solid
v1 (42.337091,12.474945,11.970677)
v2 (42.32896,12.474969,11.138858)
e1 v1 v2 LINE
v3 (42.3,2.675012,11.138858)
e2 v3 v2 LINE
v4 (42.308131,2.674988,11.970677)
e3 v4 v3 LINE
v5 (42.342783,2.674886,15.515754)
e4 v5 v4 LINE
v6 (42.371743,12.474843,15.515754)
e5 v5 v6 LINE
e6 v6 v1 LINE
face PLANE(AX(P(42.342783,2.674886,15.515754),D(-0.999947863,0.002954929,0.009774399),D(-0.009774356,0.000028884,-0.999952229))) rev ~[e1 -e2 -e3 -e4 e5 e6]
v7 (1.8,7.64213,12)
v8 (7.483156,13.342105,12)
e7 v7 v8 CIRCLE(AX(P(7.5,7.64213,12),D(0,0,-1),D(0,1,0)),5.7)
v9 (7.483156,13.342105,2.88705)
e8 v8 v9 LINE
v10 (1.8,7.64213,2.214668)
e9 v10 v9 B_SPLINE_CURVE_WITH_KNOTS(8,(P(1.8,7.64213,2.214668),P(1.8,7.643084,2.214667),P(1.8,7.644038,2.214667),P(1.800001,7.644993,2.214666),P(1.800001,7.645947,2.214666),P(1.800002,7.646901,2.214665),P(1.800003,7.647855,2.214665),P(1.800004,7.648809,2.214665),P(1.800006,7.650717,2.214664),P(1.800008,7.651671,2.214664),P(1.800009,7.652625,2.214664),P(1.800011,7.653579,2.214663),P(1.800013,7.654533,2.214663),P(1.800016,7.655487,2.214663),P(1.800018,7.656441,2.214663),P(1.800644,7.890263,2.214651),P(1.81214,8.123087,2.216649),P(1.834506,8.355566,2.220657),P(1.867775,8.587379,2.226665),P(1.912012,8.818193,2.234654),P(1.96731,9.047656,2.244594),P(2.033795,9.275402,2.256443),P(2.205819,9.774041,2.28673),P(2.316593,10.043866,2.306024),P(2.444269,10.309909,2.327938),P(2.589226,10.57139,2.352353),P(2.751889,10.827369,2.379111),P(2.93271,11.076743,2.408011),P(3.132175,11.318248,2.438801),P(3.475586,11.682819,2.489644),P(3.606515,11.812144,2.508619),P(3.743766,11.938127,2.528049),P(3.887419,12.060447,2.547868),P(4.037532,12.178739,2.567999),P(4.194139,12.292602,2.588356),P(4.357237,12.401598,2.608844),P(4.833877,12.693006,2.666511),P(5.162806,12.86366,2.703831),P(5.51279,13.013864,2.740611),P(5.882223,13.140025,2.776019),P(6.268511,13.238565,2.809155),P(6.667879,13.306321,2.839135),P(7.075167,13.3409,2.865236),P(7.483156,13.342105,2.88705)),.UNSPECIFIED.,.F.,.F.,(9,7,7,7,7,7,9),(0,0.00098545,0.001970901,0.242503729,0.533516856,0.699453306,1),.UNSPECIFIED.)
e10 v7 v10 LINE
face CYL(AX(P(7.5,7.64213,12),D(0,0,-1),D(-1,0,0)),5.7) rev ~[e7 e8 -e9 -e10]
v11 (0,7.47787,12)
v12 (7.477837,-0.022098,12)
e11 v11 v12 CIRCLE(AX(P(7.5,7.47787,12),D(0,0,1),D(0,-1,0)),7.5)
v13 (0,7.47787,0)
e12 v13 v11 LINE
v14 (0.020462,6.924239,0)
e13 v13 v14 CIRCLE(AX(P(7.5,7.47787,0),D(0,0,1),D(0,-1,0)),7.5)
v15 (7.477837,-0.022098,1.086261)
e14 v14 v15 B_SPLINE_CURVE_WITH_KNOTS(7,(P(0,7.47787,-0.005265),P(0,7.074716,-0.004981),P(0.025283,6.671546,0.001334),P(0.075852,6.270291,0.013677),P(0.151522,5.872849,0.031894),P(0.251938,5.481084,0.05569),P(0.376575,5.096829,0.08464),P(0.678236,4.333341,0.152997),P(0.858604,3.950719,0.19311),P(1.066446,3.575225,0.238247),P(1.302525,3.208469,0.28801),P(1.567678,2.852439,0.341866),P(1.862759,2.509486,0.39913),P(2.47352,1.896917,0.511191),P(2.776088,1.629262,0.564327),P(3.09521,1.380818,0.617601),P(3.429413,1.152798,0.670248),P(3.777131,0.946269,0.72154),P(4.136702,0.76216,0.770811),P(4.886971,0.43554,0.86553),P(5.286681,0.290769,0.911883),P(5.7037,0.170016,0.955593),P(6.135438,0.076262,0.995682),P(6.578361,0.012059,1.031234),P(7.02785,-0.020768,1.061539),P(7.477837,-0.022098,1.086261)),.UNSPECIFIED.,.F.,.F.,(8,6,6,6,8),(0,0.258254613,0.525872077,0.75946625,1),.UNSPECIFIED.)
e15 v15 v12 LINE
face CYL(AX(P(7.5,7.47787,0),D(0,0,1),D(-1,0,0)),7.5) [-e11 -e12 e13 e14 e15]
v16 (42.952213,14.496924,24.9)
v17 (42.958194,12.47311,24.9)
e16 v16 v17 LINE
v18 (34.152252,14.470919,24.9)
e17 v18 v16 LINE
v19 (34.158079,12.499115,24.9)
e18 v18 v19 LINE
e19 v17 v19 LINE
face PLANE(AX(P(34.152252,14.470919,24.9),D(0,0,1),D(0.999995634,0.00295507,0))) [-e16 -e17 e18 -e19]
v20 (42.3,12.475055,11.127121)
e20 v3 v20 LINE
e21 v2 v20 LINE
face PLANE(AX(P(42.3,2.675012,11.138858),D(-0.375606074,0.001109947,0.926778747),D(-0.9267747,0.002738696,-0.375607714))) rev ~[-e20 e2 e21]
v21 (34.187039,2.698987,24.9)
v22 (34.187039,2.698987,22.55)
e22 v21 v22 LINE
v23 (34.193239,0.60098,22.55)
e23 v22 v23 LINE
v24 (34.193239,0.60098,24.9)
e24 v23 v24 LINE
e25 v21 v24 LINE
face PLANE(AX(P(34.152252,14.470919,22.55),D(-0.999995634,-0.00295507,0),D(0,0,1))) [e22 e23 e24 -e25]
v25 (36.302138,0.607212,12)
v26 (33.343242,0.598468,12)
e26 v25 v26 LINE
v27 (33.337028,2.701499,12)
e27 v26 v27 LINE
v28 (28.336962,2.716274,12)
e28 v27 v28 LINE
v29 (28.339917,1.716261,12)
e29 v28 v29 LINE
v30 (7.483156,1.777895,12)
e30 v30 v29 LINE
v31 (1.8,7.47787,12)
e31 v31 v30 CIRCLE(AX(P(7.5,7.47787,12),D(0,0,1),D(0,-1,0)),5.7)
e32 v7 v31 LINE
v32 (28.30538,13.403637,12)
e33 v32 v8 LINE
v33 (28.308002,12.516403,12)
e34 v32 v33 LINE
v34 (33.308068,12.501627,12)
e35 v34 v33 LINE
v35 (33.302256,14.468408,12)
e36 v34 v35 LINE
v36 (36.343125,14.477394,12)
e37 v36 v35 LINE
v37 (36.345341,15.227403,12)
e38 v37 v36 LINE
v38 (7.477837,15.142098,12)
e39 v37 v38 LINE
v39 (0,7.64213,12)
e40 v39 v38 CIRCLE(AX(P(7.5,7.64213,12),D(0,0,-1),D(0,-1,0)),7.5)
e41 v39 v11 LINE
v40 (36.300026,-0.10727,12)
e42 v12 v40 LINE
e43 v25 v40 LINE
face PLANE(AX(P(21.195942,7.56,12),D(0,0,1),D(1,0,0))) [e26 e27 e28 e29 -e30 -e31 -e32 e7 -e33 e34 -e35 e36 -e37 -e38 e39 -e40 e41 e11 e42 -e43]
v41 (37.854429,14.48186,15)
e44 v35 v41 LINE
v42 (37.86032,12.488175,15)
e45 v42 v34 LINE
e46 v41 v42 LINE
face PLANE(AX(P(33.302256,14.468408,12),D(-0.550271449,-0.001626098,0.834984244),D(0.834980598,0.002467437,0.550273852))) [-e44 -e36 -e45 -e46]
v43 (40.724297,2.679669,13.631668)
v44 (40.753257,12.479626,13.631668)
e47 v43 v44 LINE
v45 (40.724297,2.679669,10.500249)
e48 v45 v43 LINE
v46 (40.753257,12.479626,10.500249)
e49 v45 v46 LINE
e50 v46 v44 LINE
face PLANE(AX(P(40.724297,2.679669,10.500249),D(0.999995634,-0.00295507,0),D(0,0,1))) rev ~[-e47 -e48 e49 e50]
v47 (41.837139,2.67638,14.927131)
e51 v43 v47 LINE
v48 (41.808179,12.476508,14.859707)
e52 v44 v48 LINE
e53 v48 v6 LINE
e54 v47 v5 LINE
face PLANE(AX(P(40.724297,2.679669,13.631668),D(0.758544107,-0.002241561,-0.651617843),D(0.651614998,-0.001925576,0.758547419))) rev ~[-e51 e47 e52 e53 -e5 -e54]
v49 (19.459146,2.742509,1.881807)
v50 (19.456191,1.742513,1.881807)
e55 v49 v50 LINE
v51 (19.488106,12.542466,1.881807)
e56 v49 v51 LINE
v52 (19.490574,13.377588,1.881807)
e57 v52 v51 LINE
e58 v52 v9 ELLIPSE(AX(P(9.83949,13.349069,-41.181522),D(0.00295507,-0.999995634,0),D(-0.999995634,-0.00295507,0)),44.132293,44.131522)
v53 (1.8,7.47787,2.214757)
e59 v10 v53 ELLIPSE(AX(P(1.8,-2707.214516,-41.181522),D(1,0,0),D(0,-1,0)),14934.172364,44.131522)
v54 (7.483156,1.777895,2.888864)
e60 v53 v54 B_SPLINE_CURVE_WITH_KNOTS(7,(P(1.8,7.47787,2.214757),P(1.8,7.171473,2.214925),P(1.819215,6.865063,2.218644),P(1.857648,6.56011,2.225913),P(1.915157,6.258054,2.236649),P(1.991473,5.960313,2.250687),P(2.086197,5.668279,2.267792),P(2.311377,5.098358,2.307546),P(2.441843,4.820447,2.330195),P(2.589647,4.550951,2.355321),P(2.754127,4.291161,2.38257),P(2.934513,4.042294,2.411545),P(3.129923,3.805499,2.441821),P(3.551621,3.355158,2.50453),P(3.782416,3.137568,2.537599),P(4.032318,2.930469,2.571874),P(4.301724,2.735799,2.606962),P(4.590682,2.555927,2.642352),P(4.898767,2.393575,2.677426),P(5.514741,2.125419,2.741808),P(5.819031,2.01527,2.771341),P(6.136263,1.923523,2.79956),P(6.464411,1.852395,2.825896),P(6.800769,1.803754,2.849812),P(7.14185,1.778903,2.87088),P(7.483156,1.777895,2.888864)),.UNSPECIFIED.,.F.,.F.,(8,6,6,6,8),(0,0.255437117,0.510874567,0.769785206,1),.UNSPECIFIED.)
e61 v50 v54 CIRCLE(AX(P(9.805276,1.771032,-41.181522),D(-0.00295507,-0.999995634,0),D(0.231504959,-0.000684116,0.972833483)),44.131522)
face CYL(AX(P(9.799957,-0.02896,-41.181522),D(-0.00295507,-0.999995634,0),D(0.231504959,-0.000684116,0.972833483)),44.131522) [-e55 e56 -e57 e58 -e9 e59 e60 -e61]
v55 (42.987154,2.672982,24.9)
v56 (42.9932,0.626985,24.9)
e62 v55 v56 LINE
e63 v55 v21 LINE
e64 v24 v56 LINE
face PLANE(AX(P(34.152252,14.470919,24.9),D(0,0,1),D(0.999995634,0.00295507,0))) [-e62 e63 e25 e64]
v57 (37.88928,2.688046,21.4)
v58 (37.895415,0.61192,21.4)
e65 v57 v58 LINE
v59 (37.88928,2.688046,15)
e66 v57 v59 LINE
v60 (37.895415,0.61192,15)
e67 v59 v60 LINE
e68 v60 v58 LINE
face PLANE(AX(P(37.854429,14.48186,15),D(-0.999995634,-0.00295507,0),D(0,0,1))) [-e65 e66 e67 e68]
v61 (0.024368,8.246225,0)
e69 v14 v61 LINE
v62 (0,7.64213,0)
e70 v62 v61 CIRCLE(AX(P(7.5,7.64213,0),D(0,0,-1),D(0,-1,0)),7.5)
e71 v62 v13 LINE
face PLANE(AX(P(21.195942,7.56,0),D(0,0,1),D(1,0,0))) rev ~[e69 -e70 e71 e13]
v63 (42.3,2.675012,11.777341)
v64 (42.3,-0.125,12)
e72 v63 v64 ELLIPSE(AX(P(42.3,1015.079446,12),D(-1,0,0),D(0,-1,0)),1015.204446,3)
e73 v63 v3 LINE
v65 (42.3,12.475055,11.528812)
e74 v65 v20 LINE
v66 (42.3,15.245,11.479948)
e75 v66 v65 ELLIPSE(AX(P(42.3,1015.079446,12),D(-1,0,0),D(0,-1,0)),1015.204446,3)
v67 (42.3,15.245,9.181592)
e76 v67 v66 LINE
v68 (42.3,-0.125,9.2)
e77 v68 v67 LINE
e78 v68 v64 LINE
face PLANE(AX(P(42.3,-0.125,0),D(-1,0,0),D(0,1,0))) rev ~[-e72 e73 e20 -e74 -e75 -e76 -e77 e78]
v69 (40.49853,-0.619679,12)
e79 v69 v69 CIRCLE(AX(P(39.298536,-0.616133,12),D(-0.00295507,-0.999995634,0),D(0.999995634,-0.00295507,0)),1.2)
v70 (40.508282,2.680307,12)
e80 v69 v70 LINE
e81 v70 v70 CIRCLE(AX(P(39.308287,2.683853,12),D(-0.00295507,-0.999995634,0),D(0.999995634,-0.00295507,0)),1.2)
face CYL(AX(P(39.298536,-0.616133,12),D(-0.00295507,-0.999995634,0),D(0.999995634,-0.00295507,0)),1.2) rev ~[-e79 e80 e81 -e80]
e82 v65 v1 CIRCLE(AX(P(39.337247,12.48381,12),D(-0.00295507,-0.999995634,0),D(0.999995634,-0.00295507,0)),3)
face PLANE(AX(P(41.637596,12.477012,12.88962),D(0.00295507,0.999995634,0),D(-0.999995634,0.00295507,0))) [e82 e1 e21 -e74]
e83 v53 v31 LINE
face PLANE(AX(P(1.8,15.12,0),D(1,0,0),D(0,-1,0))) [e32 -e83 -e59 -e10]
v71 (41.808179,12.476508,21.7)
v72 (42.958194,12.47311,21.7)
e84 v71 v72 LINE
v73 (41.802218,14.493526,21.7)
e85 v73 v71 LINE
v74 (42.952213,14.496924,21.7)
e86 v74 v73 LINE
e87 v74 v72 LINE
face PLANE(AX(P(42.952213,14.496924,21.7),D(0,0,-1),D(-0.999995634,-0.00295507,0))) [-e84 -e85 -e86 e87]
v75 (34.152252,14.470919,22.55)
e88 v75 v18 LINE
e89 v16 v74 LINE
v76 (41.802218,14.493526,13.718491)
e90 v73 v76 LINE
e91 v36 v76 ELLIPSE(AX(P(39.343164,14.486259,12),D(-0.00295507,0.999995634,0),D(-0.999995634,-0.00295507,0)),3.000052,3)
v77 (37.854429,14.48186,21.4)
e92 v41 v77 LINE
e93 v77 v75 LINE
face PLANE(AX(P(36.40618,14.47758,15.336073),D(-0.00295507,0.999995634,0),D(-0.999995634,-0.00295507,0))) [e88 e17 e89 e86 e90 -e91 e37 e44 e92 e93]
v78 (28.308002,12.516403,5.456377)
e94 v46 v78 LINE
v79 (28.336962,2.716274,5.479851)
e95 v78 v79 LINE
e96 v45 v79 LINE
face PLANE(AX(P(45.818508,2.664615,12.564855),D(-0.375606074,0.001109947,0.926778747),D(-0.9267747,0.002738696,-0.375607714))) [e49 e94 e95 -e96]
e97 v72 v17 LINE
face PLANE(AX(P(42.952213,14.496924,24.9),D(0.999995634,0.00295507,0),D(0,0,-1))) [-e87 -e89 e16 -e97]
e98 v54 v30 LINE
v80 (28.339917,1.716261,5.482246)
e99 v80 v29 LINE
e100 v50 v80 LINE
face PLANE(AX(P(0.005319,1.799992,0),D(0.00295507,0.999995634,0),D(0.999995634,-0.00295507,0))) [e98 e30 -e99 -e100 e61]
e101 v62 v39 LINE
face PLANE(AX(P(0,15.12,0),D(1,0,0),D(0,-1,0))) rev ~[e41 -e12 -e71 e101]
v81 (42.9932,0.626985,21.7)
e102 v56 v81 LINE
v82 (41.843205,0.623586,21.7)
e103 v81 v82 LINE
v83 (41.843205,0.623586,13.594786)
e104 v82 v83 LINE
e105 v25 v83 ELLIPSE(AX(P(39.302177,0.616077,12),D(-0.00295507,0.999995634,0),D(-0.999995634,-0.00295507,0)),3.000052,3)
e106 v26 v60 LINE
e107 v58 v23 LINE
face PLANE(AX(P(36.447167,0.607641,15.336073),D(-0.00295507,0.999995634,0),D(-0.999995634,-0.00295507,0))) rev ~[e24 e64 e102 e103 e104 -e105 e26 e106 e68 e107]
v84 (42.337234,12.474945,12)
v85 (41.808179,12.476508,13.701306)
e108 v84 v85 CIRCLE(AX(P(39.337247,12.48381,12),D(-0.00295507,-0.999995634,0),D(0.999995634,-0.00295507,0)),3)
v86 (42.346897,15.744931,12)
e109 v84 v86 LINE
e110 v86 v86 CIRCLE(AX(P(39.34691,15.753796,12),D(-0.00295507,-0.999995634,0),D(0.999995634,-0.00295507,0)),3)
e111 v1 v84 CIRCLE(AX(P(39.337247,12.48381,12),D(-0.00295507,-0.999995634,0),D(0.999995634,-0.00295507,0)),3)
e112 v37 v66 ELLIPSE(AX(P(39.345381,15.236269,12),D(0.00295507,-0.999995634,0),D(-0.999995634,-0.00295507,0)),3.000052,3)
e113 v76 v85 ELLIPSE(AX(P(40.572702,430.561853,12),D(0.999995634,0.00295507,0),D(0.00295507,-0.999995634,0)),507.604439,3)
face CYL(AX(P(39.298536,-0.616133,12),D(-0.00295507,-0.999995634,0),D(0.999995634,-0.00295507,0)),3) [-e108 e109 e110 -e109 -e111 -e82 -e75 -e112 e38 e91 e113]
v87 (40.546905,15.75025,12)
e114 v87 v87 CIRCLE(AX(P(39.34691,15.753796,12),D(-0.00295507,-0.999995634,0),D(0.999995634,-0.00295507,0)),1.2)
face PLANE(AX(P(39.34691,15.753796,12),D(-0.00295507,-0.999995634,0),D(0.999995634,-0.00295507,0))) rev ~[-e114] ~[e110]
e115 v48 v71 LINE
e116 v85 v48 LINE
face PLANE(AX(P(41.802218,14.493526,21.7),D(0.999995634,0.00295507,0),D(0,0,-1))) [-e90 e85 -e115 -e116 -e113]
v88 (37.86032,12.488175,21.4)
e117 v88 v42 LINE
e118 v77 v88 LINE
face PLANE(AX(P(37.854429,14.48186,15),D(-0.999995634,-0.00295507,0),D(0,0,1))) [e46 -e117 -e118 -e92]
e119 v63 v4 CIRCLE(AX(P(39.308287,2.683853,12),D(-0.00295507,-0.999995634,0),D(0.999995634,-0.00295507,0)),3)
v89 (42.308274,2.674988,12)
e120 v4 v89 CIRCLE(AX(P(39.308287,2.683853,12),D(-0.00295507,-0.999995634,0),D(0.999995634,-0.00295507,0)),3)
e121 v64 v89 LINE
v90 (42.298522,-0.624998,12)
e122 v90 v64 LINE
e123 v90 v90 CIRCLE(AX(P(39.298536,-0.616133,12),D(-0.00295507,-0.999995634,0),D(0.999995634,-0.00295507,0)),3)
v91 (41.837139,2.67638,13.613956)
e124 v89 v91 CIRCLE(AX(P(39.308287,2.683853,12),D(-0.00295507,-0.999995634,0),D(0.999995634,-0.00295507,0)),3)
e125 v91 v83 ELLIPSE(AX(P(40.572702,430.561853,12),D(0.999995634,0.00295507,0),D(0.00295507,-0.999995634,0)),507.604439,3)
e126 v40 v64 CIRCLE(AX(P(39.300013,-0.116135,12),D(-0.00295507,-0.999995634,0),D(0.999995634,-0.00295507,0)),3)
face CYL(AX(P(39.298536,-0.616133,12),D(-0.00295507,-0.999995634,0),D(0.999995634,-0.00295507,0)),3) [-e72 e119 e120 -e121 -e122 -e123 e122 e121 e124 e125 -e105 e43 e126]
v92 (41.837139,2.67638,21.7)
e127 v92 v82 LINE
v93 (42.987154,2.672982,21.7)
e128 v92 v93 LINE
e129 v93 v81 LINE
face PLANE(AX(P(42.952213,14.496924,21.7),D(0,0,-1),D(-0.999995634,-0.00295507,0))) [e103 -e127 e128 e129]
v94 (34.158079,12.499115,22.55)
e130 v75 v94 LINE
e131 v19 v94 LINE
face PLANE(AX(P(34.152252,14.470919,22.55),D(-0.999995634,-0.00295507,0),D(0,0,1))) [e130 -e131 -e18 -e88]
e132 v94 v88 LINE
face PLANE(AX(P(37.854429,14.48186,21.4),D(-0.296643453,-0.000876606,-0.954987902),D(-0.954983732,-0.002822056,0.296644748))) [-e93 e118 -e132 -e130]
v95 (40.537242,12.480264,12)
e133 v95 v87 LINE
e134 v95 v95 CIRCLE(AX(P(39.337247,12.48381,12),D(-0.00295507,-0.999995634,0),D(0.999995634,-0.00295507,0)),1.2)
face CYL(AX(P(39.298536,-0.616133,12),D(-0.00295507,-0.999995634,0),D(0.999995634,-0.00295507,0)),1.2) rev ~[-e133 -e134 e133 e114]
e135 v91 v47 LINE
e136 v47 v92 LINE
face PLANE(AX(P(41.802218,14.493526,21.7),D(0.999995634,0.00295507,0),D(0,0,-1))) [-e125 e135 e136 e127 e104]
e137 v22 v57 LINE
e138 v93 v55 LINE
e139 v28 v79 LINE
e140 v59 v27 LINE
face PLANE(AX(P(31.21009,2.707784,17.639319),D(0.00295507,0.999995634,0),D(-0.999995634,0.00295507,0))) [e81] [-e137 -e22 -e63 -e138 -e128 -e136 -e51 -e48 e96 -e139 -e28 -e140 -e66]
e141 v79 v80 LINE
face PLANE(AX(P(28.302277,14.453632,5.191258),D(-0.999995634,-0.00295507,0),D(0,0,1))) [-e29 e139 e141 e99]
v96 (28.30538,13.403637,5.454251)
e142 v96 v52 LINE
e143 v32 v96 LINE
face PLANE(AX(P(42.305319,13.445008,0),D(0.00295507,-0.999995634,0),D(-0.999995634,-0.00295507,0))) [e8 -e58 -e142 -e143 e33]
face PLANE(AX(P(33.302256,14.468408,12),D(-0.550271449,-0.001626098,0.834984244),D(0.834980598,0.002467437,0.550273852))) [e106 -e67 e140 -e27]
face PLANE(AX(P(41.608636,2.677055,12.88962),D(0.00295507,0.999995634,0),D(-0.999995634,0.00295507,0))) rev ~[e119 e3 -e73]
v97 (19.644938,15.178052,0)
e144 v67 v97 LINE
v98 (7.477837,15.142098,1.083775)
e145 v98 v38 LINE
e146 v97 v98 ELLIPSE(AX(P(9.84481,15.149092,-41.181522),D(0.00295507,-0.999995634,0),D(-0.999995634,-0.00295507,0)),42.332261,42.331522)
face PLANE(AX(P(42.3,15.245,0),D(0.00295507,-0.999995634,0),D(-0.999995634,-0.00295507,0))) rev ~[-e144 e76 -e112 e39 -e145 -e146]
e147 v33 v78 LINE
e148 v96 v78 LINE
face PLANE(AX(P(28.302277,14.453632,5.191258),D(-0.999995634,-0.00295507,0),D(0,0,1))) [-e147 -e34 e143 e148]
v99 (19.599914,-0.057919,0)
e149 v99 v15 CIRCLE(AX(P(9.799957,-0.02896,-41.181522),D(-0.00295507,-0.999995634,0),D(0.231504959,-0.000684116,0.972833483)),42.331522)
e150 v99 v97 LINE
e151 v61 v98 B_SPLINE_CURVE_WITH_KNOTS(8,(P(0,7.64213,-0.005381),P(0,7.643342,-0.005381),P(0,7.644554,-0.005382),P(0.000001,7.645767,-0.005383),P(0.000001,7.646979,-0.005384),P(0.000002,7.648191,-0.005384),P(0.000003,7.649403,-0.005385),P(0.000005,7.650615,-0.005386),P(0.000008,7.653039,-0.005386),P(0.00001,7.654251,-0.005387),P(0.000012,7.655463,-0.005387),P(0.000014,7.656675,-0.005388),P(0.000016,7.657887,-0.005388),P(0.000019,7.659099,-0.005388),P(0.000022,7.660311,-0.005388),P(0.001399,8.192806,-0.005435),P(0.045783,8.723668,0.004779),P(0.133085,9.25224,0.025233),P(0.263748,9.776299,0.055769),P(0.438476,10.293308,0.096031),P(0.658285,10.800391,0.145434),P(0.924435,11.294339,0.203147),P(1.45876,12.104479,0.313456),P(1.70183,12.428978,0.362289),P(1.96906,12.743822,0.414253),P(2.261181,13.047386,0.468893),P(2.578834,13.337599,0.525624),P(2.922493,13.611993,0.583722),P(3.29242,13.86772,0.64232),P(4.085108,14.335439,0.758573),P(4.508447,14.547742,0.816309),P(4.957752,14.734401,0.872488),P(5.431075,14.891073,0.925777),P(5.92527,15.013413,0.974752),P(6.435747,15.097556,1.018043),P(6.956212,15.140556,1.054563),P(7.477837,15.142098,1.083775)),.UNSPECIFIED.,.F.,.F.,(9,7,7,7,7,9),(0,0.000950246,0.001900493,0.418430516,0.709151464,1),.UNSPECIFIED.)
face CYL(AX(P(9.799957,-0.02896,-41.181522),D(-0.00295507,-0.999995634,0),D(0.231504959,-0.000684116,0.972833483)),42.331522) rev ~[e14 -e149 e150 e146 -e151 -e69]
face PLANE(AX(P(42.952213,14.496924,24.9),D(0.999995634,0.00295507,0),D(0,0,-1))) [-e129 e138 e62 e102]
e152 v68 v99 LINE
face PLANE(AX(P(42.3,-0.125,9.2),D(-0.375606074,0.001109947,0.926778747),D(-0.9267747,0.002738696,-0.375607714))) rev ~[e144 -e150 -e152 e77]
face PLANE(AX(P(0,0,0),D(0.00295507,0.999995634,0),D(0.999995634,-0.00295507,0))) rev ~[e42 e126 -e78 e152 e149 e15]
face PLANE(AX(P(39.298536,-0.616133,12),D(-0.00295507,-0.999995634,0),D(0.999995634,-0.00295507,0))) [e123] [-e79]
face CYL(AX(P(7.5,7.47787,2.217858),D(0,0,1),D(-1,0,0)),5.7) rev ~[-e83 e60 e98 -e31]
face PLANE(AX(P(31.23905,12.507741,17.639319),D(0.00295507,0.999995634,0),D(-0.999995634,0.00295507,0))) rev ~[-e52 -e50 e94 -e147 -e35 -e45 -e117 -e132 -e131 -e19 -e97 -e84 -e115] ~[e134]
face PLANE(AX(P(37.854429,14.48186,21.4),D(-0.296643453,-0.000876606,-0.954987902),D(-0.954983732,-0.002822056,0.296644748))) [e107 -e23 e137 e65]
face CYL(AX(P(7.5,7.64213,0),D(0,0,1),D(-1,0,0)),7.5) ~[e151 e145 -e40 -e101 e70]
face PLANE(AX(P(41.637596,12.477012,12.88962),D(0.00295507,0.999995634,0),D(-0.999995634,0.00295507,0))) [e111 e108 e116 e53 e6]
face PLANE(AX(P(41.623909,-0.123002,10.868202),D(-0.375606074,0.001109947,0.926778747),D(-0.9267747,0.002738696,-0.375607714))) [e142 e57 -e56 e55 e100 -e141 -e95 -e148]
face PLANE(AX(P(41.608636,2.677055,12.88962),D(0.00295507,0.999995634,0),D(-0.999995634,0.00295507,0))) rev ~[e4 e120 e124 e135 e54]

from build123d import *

# Parameters (mm, degrees)
F1_DEPTH  = 12
F3_DEPTH  = 25
F4_T      = -1.8
F5_R      = 5.7
F6_R      = 7.5
F8_R      = 3
F9_DEPTH  = 16.37
F10_R     = 1.2
F11_DEPTH = 16.3887303416
F14_DEPTH = 13.87
F17_DEPTH = 9.8
F19_DEPTH = 9.8


with BuildPart() as f1:
    # F0 (on Top) → F1 (new body)
    with BuildSketch(Plane.XY):
        Polygon((0, 15.12), (0, 0), (42.3, -0.125), (42.3, 15.245), align=None)
    extrude(amount=F1_DEPTH)

    # F2 (on face) → F3 (cut)
    with BuildSketch(Plane(origin=(0, 0, 0), x_dir=(0.9999956338, -0.0029550698, 0), z_dir=(-0.0029550698, -0.9999956338, 0))):
        Polygon((42.3001846923, 0), (42.3001846923, 9.2), (19.6, 0), align=None)
        with BuildLine():
            Line((0, 0), (19.6, 0))
            ThreePointArc((19.6, 0), (9.8, 1.15), (0, 0))
        make_face()
    extrude(amount=-F3_DEPTH, mode=Mode.SUBTRACT)

    # F4
    f4_openings = [f1.faces().sort_by_distance(p)[0] for p in [
        (21.207806, 7.56, 12),
    ]]
    offset(amount=F4_T, openings=f4_openings)

    # F5
    f5_edges = [f1.edges().sort_by_distance(p)[0] for p in [
        (1.8, 13.325311, 7.10578),
        (1.8, 1.794689, 7.108929),
    ]]
    fillet(f5_edges, radius=F5_R)

    # F6#2 (call 1 of 2: OpenCascade refuses the feature's edges together)
    f6_2_edges = [f1.edges().sort_by_distance(p)[0] for p in [
        (0, 0, 6),
    ]]
    fillet(f6_2_edges, radius=F6_R)

    # F6 (call 2 of 2)
    f6_edges = [f1.edges().sort_by_distance(p)[0] for p in [
        (0, 15.12, 6),
    ]]
    fillet(f6_edges, radius=F6_R)

    # F8 (on offset) → F9 (join)
    with BuildSketch(Plane(origin=(-0.0014775349, -0.4999978169, 0), x_dir=(0.9999956338, -0.0029550698, 0), z_dir=(-0.0029550698, -0.9999956338, 0))):
        with Locations((39.3001846923, 12)):
            Circle(F8_R)
    extrude(amount=-F9_DEPTH)

    # F10 (on face) → F11 (cut, through all)
    with BuildSketch(Plane(origin=(-0.0014775349, -0.4999978169, 0), x_dir=(0.9999956338, -0.0029550698, 0), z_dir=(-0.0029550698, -0.9999956338, 0))):
        with Locations((39.3001846923, 12)):
            Circle(F10_R)
    extrude(amount=-F11_DEPTH, mode=Mode.SUBTRACT)

    # F13 (on offset) → F14 (join)
    with BuildSketch(Plane(origin=(-0.0424641585, 14.3698712402, 0), x_dir=(-0.9999956338, -0.0029550698, 0), z_dir=(-0.0029550698, 0.9999956338, 0))):
        Polygon((-39.6163160442, 9.2177886928), (-28.3448653482, 5.1912576891), (-28.3448653482, 12), (-33.3448653482, 12), (-37.8970582696, 15), (-37.8970582696, 21.4), (-34.1948653482, 22.55), (-34.1948653482, 24.9), (-42.9948653482, 24.9), (-42.9948653482, 21.7), (-41.8448653482, 21.7), (-41.8448653482, 13.4442944811), (-36.9448653482, 13.4442944811), align=None)
    extrude(amount=-F14_DEPTH)

    # F16 (on offset) → F17 (cut)
    with BuildSketch(Plane(origin=(0.0082741956, 2.7999877746, 0), x_dir=(-0.9999956338, 0.0029550698, 0), z_dir=(0.0029550698, 0.9999956338, 0))):
        Polygon((-45.8104334942, 12.5648554603), (-19.4509569667, 1.8818065187), (-19.4509569667, 29.0965877719), (-45.8104334942, 29.0965877719), align=None)
    extrude(amount=F17_DEPTH, mode=Mode.SUBTRACT)

    # F18 (on face) → F19 (join, through all)
    with BuildSketch(Plane(origin=(0.0082741956, 2.7999877746, 0), x_dir=(-0.9999956338, 0.0029550698, 0), z_dir=(0.0029550698, 0.9999956338, 0))):
        Polygon((-42.3346940311, 15.5157536155), (-42.2919104606, 11.1388577274), (-40.7162009106, 10.5002493611), (-40.7162009106, 13.6316680383), align=None)
    extrude(amount=F19_DEPTH)


solid = f1.part
